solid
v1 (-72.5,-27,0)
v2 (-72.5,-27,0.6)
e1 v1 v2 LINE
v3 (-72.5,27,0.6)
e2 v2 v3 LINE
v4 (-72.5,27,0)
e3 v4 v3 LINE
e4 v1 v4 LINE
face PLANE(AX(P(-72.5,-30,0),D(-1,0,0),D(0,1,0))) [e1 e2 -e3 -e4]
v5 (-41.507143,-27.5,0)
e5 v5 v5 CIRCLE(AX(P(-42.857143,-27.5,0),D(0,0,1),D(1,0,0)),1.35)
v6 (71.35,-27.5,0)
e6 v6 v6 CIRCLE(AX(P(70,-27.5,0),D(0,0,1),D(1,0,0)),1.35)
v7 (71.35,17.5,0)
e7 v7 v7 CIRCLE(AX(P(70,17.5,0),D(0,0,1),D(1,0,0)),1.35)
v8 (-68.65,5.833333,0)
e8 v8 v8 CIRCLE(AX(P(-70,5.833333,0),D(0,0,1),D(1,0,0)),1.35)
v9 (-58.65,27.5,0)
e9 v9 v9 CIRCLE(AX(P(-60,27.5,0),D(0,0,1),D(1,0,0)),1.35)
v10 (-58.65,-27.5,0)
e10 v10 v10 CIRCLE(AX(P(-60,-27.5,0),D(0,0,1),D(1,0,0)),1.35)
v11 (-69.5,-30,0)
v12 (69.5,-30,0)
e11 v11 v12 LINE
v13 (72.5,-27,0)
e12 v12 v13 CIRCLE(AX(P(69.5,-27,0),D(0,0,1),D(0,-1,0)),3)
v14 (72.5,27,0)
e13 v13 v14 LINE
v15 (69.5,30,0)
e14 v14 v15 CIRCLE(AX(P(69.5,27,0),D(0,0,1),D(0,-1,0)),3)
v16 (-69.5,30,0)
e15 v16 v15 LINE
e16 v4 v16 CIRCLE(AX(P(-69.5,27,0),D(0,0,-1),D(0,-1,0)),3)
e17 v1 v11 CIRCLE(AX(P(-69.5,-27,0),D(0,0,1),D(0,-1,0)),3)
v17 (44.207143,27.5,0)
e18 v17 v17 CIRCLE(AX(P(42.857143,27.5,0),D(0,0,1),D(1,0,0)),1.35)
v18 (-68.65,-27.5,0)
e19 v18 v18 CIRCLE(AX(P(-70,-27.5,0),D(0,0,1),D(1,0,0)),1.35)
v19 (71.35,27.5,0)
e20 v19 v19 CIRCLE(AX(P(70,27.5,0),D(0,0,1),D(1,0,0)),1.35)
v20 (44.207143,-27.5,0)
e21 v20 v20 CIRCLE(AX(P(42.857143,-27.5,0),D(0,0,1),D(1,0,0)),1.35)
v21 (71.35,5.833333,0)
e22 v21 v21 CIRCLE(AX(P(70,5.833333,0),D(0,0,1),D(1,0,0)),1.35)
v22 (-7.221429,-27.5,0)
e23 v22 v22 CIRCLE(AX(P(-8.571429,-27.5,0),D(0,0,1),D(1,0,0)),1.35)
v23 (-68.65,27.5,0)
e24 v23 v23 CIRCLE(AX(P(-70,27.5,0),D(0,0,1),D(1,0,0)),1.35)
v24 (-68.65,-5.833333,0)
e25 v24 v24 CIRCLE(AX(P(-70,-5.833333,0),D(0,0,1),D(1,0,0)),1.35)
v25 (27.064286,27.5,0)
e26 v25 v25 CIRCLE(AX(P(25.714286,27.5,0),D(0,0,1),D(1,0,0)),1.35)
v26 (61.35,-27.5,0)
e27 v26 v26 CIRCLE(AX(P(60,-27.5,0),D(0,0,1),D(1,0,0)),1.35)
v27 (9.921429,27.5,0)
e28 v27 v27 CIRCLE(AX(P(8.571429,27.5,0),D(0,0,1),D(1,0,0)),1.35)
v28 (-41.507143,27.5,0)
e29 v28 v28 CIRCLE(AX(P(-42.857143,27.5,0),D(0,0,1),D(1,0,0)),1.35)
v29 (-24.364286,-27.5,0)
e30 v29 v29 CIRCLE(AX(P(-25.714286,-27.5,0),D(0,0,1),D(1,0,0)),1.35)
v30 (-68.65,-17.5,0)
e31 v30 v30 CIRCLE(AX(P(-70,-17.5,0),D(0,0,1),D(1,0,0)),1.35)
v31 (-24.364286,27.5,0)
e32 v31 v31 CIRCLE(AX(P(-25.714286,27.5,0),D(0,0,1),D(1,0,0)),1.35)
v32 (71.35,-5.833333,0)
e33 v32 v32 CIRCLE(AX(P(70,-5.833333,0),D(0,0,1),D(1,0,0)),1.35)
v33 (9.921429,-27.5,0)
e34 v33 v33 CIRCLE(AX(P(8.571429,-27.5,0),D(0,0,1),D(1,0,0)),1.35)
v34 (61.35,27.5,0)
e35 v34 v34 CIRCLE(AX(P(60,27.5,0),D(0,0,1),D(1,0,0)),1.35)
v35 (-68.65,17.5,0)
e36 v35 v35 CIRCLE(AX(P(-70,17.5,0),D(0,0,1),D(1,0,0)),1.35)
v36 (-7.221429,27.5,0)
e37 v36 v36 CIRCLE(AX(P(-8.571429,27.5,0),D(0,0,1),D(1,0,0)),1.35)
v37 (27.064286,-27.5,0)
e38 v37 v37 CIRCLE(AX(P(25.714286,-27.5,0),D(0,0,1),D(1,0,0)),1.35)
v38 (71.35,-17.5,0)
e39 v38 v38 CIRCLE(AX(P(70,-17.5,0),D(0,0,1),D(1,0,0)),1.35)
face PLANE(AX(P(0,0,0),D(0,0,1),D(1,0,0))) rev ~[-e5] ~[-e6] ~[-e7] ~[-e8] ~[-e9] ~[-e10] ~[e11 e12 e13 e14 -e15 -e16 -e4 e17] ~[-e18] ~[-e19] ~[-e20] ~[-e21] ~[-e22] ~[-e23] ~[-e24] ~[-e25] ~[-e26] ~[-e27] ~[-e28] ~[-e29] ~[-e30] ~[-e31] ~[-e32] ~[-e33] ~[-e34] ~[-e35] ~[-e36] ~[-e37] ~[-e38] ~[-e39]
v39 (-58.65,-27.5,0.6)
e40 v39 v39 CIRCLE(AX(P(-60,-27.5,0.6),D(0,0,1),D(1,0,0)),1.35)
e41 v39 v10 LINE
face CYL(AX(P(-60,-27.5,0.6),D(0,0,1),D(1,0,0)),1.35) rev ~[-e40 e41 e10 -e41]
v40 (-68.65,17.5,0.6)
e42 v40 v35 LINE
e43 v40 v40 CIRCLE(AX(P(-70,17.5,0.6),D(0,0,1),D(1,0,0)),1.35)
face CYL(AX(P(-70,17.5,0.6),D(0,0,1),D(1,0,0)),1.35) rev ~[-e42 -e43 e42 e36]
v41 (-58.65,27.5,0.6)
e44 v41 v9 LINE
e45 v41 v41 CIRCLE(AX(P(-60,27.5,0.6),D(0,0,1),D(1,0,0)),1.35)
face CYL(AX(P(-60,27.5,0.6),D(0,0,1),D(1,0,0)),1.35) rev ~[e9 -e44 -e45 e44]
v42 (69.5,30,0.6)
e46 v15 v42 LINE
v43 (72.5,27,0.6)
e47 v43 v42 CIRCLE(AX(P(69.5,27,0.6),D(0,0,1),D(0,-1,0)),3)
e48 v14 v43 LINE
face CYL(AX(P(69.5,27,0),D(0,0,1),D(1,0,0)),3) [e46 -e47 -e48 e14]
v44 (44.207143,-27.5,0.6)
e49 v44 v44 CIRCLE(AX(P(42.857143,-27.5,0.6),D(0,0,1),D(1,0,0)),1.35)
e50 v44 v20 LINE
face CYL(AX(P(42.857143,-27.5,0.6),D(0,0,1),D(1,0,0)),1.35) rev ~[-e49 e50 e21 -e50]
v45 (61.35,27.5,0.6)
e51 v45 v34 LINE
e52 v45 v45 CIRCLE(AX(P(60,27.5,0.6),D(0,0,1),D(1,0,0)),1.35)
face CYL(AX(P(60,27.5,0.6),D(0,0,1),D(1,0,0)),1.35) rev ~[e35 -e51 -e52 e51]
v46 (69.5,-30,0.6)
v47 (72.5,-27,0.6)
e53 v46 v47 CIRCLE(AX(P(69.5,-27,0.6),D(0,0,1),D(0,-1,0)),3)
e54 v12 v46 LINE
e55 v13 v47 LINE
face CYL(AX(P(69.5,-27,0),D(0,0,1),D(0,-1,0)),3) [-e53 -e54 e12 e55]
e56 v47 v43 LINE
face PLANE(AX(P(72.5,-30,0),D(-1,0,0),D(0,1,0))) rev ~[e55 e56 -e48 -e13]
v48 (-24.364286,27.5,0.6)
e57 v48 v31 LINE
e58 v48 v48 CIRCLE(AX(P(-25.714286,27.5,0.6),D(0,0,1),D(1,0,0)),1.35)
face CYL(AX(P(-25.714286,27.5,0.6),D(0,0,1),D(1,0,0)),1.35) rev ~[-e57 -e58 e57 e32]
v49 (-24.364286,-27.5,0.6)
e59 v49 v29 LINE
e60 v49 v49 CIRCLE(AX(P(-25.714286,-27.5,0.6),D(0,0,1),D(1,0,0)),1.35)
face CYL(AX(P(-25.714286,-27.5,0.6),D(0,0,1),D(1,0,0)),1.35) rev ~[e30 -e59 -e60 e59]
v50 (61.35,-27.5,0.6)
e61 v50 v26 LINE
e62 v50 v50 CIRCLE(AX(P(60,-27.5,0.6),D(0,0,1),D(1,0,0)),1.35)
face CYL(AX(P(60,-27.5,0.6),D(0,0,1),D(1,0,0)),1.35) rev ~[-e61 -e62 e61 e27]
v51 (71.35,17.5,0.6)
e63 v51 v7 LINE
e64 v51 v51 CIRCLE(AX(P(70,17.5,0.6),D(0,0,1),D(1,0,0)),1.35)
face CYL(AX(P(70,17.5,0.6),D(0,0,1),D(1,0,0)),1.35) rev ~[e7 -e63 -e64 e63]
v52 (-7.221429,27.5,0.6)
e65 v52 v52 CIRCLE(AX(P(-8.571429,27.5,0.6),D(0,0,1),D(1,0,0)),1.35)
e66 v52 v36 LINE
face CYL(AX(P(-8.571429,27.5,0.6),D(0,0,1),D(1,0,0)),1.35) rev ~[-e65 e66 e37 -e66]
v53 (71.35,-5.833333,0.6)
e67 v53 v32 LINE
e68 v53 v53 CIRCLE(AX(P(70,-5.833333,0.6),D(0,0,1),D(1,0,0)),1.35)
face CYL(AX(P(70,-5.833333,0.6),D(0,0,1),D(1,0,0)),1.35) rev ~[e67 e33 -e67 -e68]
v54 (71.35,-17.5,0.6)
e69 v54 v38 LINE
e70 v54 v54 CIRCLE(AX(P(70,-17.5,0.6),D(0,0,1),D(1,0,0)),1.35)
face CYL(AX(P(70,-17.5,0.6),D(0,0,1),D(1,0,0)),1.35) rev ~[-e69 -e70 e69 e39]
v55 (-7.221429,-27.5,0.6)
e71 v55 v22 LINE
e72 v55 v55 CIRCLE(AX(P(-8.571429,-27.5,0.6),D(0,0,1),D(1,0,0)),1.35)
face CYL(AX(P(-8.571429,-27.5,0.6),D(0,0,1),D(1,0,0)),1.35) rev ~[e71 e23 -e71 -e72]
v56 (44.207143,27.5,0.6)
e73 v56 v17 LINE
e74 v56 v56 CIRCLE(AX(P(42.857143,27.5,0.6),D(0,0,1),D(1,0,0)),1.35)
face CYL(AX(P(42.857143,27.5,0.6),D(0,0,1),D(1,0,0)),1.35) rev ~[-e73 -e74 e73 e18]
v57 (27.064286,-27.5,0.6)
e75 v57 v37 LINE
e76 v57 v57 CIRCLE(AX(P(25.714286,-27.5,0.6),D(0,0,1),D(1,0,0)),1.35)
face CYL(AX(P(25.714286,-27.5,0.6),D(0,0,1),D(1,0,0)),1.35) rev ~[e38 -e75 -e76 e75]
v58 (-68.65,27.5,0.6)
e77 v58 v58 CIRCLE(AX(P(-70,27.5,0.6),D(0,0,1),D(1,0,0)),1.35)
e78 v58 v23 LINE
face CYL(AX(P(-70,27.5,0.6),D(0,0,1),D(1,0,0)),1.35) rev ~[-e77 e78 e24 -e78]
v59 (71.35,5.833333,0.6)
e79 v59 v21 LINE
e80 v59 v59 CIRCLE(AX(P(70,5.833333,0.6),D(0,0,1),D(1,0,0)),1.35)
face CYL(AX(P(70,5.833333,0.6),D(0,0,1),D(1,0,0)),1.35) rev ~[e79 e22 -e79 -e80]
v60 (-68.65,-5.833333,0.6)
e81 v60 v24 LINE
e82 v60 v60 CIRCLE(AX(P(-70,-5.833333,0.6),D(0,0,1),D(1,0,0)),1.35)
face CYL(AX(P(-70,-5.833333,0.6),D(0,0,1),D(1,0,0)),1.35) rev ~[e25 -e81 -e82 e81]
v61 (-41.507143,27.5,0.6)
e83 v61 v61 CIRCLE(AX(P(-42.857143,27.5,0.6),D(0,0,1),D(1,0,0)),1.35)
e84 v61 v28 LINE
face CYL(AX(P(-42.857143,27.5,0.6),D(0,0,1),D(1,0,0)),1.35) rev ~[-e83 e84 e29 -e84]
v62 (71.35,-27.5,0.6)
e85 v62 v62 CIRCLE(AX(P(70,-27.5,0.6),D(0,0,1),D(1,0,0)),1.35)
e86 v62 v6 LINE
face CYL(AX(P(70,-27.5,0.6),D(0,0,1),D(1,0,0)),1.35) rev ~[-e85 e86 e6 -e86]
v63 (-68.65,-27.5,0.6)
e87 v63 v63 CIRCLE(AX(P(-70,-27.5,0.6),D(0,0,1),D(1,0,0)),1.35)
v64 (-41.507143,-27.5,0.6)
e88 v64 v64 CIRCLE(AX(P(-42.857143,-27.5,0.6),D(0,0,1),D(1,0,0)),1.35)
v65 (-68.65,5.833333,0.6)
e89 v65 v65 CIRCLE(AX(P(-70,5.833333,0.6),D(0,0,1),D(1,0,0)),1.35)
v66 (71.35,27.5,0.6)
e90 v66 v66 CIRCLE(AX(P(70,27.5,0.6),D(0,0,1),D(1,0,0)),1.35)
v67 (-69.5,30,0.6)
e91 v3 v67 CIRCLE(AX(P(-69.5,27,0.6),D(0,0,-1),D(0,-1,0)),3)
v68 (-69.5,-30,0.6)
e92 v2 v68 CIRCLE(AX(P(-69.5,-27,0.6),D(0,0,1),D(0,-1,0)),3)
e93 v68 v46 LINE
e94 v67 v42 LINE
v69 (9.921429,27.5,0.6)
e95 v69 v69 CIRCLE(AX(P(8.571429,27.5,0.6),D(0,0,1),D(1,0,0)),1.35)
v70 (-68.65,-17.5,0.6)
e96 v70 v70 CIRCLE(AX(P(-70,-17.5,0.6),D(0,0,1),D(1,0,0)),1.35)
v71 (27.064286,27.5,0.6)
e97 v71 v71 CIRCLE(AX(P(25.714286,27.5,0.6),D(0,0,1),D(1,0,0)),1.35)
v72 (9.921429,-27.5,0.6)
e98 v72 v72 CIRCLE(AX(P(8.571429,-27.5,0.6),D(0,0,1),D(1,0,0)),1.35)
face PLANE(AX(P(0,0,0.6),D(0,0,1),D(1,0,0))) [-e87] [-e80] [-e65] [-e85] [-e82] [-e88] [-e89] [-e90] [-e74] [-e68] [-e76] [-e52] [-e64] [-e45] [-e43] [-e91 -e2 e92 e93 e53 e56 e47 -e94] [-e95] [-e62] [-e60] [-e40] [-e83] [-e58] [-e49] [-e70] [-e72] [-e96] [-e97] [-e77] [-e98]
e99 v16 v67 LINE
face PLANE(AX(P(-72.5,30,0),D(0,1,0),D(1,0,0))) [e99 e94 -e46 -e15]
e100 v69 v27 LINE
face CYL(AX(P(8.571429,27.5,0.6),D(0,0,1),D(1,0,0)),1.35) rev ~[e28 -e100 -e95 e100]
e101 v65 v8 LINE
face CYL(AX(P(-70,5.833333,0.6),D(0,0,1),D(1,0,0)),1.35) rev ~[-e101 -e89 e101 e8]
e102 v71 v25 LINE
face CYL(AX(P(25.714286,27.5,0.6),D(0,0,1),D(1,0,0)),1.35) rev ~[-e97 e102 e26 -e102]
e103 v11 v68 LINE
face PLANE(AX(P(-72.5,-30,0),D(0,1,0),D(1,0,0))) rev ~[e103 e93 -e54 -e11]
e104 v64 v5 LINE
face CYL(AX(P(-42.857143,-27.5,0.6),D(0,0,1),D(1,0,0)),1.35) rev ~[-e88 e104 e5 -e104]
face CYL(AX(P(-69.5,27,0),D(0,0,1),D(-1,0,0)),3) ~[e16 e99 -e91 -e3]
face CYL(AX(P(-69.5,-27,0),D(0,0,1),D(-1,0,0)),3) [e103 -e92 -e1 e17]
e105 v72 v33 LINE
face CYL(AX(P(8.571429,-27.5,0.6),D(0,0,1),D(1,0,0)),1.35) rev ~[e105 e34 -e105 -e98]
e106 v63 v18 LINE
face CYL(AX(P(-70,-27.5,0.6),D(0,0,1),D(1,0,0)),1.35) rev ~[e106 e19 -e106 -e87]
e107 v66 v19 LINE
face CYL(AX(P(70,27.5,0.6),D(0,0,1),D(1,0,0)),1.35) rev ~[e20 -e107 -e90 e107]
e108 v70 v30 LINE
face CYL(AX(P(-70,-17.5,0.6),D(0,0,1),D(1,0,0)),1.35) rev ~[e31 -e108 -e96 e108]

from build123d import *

# Parameters (mm, degrees)
SKETCH1_W           = 145
SKETCH1_H           = 60
BOSS_EXTRUDE1_DEPTH = 0.6
FILLET1_R           = 3
SKETCH2_R           = 1.35
CUT_EXTRUDE1_DEPTH  = 79.46406821


with BuildPart() as part:
    # Sketch1 → Boss-Extrude1 (new body)
    with BuildSketch(Plane.XY):
        Rectangle(SKETCH1_W, SKETCH1_H)
    extrude(amount=BOSS_EXTRUDE1_DEPTH)

    # Fillet1
    fillet1_edges = [part.edges().sort_by_distance(p)[0] for p in [
        (72.5, -30, 0.3),
        (-72.5, -30, 0.3),
        (-72.5, 30, 0.3),
        (72.5, 30, 0.3),
    ]]
    fillet(fillet1_edges, radius=FILLET1_R)

    # Sketch2 → Cut-Extrude1 (cut, through all)
    with BuildSketch(Plane.XY.offset(0.6)):
        with Locations((60, -27.5)):
            Circle(SKETCH2_R)
        with Locations((42.857142857, -27.5)):
            Circle(SKETCH2_R)
        with Locations((25.714285714, -27.5)):
            Circle(SKETCH2_R)
        with Locations((8.571428571, -27.5)):
            Circle(SKETCH2_R)
        with Locations((-8.571428571, -27.5)):
            Circle(SKETCH2_R)
        with Locations((-25.714285714, -27.5)):
            Circle(SKETCH2_R)
        with Locations((-42.857142857, -27.5)):
            Circle(SKETCH2_R)
        with Locations((-60, -27.5)):
            Circle(SKETCH2_R)
        with Locations((-70, -27.5)):
            Circle(SKETCH2_R)
        with Locations((-70, -17.5)):
            Circle(SKETCH2_R)
        with Locations((-70, -5.833333333)):
            Circle(SKETCH2_R)
        with Locations((-70, 5.833333333)):
            Circle(SKETCH2_R)
        with Locations((-70, 17.5)):
            Circle(SKETCH2_R)
        with Locations((-70, 27.5)):
            Circle(SKETCH2_R)
        with Locations((-60, 27.5)):
            Circle(SKETCH2_R)
        with Locations((-42.857142857, 27.5)):
            Circle(SKETCH2_R)
        with Locations((-25.714285714, 27.5)):
            Circle(SKETCH2_R)
        with Locations((-8.571428571, 27.5)):
            Circle(SKETCH2_R)
        with Locations((8.571428571, 27.5)):
            Circle(SKETCH2_R)
        with Locations((25.714285714, 27.5)):
            Circle(SKETCH2_R)
        with Locations((42.857142857, 27.5)):
            Circle(SKETCH2_R)
        with Locations((60, 27.5)):
            Circle(SKETCH2_R)
        with Locations((70, -27.5)):
            Circle(SKETCH2_R)
        with Locations((70, -17.5)):
            Circle(SKETCH2_R)
        with Locations((70, -5.833333333)):
            Circle(SKETCH2_R)
        with Locations((70, 5.833333333)):
            Circle(SKETCH2_R)
        with Locations((70, 17.5)):
            Circle(SKETCH2_R)
        with Locations((70, 27.5)):
            Circle(SKETCH2_R)
    extrude(amount=-CUT_EXTRUDE1_DEPTH, mode=Mode.SUBTRACT)


solid = part.part
